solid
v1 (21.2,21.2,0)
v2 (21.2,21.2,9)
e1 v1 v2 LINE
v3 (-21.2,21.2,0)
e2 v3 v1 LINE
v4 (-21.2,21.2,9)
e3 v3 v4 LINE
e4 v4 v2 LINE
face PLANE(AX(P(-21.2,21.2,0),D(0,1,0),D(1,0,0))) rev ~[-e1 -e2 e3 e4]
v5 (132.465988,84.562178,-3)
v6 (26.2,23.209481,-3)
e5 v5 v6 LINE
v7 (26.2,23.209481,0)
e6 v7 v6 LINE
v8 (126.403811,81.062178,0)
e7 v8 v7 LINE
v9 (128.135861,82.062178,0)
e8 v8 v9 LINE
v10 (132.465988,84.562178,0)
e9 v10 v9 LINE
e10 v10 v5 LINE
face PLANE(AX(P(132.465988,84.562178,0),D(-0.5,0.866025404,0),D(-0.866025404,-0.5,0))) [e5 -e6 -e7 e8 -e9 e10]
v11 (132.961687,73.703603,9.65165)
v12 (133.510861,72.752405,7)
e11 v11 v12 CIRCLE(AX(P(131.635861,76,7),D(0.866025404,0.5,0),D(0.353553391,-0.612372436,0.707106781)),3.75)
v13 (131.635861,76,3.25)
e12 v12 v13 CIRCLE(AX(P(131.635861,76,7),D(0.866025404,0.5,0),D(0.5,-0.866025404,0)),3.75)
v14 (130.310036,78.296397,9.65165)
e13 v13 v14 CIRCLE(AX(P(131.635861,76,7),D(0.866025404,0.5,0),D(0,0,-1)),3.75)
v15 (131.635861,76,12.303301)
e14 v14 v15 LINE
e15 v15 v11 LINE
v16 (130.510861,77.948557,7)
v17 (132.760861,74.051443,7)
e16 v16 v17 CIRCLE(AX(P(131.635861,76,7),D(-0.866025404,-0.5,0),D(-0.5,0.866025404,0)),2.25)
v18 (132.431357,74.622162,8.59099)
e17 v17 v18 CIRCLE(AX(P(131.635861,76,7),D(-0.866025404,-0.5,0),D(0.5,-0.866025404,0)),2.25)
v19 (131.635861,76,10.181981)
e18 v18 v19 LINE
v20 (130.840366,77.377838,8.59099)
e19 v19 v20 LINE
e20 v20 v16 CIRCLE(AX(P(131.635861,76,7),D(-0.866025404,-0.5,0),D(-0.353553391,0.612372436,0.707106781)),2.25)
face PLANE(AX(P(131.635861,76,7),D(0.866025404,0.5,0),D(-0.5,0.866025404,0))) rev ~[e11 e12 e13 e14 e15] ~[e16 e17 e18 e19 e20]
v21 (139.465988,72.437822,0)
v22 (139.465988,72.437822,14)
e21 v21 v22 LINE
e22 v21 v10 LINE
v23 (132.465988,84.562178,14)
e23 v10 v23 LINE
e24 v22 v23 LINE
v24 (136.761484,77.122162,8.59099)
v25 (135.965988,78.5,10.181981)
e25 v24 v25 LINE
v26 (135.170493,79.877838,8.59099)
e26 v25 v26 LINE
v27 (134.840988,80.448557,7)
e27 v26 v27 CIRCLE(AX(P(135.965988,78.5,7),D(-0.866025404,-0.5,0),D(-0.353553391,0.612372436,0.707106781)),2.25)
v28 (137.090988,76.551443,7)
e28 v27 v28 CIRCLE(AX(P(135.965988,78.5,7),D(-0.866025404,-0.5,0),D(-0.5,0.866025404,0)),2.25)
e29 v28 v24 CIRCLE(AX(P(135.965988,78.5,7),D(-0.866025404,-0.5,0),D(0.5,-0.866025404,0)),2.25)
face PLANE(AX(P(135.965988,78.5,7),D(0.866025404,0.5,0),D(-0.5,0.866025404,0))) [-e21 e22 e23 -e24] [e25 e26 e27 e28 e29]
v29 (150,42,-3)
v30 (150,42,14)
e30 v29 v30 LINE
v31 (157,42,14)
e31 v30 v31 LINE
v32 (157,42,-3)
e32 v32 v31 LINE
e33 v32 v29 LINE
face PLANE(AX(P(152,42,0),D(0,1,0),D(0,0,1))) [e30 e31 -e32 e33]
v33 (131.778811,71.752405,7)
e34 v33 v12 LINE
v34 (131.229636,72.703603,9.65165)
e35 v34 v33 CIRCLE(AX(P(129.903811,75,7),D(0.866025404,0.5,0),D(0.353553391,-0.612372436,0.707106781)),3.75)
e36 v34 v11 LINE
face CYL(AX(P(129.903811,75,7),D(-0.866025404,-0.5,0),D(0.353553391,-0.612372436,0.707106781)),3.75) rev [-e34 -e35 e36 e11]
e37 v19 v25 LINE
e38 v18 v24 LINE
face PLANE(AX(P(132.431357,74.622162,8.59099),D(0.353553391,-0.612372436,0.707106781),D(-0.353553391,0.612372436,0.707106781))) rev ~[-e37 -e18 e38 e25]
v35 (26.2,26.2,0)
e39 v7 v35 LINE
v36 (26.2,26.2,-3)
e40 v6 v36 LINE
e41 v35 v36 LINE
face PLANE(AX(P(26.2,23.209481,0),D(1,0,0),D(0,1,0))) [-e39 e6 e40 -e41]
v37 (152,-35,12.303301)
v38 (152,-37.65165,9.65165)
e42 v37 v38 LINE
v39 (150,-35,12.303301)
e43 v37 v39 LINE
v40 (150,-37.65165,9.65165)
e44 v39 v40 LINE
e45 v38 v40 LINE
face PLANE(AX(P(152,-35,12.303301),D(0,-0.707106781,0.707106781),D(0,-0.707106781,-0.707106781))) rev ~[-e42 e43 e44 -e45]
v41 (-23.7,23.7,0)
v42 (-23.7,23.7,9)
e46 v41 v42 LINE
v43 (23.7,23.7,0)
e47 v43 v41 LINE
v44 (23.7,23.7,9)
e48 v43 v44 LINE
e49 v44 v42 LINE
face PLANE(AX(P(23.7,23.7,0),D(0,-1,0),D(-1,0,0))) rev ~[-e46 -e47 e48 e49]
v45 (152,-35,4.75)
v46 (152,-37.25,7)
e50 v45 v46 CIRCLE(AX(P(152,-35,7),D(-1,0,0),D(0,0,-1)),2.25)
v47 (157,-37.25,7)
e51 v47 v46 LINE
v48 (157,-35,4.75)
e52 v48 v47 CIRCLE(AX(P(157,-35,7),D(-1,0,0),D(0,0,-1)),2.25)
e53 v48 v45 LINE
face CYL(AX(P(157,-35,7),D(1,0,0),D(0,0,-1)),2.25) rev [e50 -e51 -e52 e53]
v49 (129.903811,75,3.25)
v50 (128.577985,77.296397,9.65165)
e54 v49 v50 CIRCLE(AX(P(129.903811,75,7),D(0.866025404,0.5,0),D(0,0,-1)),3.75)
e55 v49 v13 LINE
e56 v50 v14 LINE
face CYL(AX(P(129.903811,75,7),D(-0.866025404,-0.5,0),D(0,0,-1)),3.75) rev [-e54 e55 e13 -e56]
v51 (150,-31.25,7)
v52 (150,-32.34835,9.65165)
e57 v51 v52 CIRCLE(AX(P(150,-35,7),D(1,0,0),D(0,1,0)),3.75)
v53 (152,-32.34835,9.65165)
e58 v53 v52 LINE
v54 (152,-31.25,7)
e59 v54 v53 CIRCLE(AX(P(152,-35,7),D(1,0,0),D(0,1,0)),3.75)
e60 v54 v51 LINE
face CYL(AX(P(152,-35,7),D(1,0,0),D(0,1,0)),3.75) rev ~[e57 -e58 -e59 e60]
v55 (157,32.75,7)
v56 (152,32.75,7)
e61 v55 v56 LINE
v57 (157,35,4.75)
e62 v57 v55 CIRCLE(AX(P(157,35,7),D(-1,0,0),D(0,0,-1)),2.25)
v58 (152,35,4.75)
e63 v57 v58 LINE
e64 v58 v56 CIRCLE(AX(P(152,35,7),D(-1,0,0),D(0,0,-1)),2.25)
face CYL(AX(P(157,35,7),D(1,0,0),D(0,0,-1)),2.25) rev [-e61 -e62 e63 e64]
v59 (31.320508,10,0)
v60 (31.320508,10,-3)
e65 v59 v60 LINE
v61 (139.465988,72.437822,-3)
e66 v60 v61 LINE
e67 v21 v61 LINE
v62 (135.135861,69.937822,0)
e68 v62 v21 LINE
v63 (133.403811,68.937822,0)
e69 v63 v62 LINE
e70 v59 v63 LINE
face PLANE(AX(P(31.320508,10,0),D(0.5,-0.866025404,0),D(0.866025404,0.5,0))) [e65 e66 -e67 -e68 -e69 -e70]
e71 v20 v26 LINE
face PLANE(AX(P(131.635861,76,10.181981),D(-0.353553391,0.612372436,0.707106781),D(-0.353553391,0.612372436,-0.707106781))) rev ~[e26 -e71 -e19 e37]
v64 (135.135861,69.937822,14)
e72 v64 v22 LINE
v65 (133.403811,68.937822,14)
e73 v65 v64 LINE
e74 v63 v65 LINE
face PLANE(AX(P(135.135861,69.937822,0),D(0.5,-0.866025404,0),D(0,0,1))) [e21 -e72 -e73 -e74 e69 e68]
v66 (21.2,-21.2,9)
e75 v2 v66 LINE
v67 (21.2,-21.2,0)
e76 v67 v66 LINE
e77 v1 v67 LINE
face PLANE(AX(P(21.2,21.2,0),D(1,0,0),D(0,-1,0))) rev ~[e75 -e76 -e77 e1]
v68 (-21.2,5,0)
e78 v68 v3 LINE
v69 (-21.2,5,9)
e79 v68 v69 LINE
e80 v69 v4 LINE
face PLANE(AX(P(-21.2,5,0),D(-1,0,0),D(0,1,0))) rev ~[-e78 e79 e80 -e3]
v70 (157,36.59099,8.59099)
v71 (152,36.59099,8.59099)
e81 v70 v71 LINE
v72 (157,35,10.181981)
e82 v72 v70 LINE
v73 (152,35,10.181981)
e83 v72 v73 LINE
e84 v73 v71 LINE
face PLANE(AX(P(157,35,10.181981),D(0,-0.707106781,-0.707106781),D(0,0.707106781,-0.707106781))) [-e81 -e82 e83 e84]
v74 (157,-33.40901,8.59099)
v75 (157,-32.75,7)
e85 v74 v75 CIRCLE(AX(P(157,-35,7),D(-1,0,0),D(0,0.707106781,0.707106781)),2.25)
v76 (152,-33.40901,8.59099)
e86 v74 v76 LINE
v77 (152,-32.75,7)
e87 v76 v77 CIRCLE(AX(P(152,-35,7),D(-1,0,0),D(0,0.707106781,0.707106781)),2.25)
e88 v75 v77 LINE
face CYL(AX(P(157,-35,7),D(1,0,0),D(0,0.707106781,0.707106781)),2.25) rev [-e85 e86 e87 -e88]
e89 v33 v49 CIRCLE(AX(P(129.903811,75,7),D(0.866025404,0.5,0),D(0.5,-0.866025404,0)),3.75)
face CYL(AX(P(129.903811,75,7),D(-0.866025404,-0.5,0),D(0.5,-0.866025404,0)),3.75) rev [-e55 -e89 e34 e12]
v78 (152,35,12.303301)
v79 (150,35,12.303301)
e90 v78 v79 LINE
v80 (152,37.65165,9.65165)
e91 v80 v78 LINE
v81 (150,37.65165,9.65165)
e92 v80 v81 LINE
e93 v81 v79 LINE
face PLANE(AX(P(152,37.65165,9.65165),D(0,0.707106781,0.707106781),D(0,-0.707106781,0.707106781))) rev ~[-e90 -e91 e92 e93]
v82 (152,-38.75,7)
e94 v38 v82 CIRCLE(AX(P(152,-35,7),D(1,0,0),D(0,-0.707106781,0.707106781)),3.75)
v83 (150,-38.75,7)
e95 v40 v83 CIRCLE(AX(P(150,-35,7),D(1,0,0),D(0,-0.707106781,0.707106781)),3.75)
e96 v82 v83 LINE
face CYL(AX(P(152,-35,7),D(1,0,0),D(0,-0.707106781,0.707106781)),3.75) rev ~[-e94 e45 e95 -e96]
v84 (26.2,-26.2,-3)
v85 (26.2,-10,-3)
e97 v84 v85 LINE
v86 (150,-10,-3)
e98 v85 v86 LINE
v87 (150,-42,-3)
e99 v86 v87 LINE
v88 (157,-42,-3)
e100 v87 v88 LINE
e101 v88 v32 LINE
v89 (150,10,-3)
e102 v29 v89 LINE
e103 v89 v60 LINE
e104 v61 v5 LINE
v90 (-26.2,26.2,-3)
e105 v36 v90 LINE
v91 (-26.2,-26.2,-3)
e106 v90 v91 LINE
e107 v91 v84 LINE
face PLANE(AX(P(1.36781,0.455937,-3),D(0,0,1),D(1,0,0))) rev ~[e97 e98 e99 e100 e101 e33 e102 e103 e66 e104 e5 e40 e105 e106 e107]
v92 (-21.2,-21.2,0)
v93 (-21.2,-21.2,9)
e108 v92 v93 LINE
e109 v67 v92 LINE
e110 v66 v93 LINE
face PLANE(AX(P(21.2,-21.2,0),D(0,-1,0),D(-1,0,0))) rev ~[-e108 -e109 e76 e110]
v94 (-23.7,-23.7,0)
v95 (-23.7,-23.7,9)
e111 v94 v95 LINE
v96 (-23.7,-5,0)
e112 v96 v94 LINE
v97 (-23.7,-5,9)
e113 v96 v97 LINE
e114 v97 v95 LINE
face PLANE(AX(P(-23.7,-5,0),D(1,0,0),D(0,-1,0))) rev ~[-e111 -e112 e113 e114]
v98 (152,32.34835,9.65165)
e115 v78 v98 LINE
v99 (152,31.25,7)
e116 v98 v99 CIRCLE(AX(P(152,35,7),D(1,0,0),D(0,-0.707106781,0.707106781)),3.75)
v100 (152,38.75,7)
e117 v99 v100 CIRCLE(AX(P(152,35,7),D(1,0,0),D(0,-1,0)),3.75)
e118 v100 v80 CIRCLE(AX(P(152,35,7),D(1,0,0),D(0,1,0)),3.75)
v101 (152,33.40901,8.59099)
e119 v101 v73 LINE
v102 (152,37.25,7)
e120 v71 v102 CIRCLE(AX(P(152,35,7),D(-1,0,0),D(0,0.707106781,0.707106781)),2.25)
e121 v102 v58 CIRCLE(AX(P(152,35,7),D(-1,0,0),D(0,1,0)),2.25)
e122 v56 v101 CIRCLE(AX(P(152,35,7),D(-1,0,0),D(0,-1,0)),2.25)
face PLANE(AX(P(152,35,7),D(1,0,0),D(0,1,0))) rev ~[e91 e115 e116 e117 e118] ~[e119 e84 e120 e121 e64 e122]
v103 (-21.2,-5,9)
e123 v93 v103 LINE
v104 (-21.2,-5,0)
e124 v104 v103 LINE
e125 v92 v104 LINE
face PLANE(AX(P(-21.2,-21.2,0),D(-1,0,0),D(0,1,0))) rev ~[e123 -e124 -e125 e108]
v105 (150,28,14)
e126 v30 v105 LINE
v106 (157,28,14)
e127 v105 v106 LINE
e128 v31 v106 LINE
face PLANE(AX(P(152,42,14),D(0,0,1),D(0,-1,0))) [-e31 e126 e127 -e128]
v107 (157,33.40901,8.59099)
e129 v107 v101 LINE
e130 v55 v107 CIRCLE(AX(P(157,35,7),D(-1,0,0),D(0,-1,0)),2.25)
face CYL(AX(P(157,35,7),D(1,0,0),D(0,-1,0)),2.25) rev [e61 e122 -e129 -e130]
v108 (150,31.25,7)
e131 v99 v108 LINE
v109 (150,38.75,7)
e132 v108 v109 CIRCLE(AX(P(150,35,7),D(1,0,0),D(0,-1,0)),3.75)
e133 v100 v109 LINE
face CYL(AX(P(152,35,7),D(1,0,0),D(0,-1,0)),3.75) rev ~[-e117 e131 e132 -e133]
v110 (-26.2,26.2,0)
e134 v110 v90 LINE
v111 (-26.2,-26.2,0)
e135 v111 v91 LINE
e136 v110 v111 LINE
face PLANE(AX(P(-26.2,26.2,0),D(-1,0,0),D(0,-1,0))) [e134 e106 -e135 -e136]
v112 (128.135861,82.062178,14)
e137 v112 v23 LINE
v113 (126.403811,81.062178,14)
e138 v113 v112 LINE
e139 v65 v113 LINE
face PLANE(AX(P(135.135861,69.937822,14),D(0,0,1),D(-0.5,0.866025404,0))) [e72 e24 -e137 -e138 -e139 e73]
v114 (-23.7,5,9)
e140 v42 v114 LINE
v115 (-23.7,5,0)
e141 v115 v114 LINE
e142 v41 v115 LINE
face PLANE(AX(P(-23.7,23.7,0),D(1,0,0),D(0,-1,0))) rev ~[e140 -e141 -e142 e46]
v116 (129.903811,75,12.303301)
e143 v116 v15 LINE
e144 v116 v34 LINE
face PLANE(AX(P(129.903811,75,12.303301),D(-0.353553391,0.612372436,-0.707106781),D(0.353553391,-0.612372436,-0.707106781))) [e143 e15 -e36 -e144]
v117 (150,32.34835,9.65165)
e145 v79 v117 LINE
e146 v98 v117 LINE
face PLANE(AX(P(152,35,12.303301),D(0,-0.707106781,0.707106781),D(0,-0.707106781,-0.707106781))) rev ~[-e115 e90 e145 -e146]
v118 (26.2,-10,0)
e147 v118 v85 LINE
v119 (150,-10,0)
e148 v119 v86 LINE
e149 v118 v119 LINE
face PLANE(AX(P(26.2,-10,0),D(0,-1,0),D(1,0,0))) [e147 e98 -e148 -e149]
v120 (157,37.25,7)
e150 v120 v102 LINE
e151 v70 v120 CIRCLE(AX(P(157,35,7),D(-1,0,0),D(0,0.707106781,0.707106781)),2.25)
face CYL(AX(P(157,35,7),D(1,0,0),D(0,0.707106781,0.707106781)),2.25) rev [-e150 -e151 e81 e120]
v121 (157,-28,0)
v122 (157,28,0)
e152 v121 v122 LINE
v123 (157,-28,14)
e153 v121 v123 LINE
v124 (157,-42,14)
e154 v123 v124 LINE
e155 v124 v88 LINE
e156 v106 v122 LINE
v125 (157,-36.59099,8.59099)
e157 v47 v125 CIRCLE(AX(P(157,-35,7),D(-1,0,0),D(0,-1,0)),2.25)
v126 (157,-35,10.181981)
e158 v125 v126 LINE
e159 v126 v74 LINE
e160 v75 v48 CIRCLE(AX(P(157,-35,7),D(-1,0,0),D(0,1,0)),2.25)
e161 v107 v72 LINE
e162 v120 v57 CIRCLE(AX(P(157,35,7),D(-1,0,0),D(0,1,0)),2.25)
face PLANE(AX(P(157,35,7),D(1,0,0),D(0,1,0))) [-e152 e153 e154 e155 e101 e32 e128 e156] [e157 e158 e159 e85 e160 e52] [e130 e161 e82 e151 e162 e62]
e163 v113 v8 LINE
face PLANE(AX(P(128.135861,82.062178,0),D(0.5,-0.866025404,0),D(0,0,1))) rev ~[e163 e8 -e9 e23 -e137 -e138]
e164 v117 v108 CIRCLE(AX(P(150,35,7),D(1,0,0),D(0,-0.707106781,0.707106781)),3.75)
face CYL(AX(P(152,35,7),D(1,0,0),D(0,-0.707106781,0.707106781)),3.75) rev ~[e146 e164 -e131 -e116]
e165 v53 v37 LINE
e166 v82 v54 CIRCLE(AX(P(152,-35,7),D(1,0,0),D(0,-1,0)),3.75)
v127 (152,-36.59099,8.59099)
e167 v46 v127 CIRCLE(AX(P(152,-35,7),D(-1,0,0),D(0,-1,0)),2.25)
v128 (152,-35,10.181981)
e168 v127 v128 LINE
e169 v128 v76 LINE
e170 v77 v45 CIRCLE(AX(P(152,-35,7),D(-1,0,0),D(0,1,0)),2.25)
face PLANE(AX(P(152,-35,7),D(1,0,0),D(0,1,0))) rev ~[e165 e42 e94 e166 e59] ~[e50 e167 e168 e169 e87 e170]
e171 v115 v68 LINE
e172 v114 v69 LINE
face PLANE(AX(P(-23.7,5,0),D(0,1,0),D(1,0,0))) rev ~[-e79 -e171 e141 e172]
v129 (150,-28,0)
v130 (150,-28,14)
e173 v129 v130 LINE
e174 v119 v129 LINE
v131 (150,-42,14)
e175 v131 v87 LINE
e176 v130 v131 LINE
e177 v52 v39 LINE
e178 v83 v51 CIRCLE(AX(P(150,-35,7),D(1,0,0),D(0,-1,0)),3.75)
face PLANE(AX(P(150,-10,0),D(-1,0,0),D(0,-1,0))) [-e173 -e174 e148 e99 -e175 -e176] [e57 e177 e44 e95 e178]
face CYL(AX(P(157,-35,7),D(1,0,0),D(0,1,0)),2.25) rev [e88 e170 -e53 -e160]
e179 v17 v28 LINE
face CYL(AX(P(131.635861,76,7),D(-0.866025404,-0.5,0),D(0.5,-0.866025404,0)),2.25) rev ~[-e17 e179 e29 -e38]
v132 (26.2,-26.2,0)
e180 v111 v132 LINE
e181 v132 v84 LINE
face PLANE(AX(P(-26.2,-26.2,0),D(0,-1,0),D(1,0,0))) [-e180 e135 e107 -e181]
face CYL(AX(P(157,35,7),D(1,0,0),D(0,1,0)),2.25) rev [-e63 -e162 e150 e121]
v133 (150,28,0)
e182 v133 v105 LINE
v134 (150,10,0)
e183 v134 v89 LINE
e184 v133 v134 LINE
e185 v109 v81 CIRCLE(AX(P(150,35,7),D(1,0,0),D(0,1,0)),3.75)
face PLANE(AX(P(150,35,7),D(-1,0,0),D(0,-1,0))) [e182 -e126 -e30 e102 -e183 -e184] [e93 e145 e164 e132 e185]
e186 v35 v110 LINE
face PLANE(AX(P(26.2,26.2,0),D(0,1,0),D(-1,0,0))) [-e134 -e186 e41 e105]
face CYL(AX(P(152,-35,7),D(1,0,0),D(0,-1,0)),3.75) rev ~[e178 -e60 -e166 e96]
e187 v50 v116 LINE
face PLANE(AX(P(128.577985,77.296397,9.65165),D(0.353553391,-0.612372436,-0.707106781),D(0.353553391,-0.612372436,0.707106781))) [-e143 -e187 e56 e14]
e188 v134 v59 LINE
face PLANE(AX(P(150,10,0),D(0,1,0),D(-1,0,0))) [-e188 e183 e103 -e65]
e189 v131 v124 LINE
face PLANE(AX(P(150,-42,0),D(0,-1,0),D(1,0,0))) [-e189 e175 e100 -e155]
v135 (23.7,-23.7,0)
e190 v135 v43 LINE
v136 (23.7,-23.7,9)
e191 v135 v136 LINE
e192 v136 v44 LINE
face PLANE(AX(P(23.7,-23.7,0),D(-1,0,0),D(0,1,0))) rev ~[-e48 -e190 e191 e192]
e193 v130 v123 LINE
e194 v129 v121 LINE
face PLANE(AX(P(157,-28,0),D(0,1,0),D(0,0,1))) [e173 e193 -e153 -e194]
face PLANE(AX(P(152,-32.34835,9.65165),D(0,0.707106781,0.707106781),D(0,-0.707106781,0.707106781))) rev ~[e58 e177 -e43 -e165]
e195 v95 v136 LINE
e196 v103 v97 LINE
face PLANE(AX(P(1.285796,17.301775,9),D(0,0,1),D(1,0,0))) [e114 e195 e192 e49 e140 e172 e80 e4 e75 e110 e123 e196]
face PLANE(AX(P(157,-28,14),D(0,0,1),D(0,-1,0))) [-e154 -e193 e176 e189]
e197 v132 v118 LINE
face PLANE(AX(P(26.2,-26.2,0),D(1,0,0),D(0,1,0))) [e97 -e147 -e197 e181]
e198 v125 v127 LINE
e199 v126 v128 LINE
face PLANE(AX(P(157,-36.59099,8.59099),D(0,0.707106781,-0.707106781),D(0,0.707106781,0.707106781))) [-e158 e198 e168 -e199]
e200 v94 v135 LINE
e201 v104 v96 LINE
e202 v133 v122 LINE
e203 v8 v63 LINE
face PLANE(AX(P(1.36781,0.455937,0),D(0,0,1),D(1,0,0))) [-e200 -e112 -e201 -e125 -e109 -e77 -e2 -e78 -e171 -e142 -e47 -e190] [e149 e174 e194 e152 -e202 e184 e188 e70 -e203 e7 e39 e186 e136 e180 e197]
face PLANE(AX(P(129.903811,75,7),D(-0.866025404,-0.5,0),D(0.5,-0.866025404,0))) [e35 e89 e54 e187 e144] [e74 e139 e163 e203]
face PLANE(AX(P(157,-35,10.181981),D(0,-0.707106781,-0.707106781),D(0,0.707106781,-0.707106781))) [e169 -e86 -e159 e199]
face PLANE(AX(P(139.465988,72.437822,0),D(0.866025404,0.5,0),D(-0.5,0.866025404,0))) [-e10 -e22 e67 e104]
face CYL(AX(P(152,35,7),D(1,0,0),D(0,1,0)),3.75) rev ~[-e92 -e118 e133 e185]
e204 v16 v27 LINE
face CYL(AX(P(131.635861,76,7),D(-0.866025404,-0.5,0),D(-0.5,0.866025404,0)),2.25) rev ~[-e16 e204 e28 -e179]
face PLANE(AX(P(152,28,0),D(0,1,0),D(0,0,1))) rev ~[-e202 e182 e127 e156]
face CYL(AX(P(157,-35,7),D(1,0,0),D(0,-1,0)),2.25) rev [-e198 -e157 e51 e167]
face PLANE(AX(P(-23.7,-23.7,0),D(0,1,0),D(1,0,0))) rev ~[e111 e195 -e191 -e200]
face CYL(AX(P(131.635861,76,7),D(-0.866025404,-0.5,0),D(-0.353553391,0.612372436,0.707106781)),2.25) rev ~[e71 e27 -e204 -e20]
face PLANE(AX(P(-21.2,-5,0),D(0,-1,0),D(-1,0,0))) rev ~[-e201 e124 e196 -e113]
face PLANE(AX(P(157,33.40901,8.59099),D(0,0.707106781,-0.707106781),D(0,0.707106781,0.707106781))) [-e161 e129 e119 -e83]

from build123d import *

# Parameters (mm, degrees)
F1_DEPTH  = 9
F2_W      = 123.8
F2_H      = 10
F3_DEPTH  = 3
F5_DEPTH  = 5
F6_W      = 14
F6_H      = 14
F7_DEPTH  = 2
F10_DEPTH = 2
F11_W     = 14
F11_H     = 14
F12_DEPTH = 5


with BuildPart() as f1:
    # F0 (on Top) → F1 (new body)
    with BuildSketch(Plane.XY):
        Polygon((-21.2, 21.2), (21.2, 21.2), (21.2, 0), (23.7, 0), (23.7, 23.7), (-23.7, 23.7), (-23.7, 5), (-21.2, 5), align=None)
        Polygon((23.7, 0), (21.2, 0), (21.2, -21.2), (-21.2, -21.2), (-21.2, -5), (-23.7, -5), (-23.7, -23.7), (23.7, -23.7), align=None)
    extrude(amount=F1_DEPTH)

    # F2 (on Top) → F3 (join)
    with BuildSketch(Plane.XY):
        Polygon((-26.2, 26.2), (-26.2, -26.2), (26.2, -26.2), (26.2, -10), (26.2, 0), (0, 0), (26.2, 15.1265770528), (26.2, 23.2094808214), (26.2, 26.2), align=None)
        Polygon((150, 40.1923788647), (150, 10), (157, 10), (157, 35), (157, 42), (150, 42), align=None)
        Polygon((26.2, 10), (26.2, 0), (150, 0), (150, 10), (31.3205080757, 10), align=None)
        Polygon((150, 0), (150, -10), (157, -10), (157, 10), (150, 10), align=None)
        Polygon((157, -10), (150, -10), (150, -40.1923788647), (150, -42), (157, -42), (157, -35), align=None)
        with Locations((88.1, -5)):
            Rectangle(F2_W, F2_H)
        Polygon((0, 0), (26.2, 0), (26.2, 10), (26.2, 15.1265770528), align=None)
        Polygon((126.4038105677, 81.0621778265), (26.2, 23.2094808214), (26.2, 15.1265770528), (129.9038105677, 75), align=None)
        Polygon((26.2, 15.1265770528), (26.2, 10), (31.3205080757, 10), (133.4038105677, 68.9378221735), (129.9038105677, 75), align=None)
        Polygon((132.4659883942, 84.5621778265), (126.4038105677, 81.0621778265), (129.9038105677, 75), (133.4038105677, 68.9378221735), (139.4659883942, 72.4378221735), align=None)
    extrude(amount=-F3_DEPTH)

    # F4 (on face) → F5 (join)
    with BuildSketch(Plane.YZ.offset(157)):
        Polygon((28, 0), (35, 0), (42, 0), (42, 14), (28, 14), align=None)
        with BuildLine():
            ThreePointArc((37.25, 7), (36.5909902577, 5.4090097423), (35, 4.75))
            ThreePointArc((35, 4.75), (33.4090097423, 5.4090097423), (32.75, 7))
            ThreePointArc((32.75, 7), (32.9212710518, 7.8610377228), (33.4090097423, 8.5909902577))
            Line((33.4090097423, 8.5909902577), (35, 10.1819805153))
            Line((35, 10.1819805153), (36.5909902577, 8.5909902577))
            ThreePointArc((36.5909902577, 8.5909902577), (37.0787289482, 7.8610377228), (37.25, 7))
        make_face(mode=Mode.SUBTRACT)
        Polygon((-35, 0), (-28, 0), (-28, 14), (-42, 14), (-42, 0), align=None)
        with BuildLine():
            ThreePointArc((-32.75, 7), (-33.4090097423, 5.4090097423), (-35, 4.75))
            ThreePointArc((-35, 4.75), (-36.5909902577, 5.4090097423), (-37.25, 7))
            ThreePointArc((-37.25, 7), (-37.0787289482, 7.8610377228), (-36.5909902577, 8.5909902577))
            Line((-36.5909902577, 8.5909902577), (-35, 10.1819805153))
            Line((-35, 10.1819805153), (-33.4090097423, 8.5909902577))
            ThreePointArc((-33.4090097423, 8.5909902577), (-32.9212710518, 7.8610377228), (-32.75, 7))
        make_face(mode=Mode.SUBTRACT)
    extrude(amount=-F5_DEPTH)

    # F6 (on face) → F7 (join)
    with BuildSketch(Plane(origin=(152, 0, 0), x_dir=(0, -1, 0), z_dir=(-1, 0, 0))):
        with Locations((-35, 7)):
            Rectangle(F6_W, F6_H)
        with BuildLine():
            ThreePointArc((-32.3483495706, 9.6516504294), (-31.5354517531, 8.4350628714), (-31.25, 7))
            ThreePointArc((-31.25, 7), (-35, 3.25), (-38.75, 7))
            ThreePointArc((-38.75, 7), (-38.4645482469, 8.4350628714), (-37.6516504294, 9.6516504294))
            Line((-37.6516504294, 9.6516504294), (-35, 12.3033008589))
            Line((-35, 12.3033008589), (-32.3483495706, 9.6516504294))
        make_face(mode=Mode.SUBTRACT)
        with Locations((35, 7)):
            Rectangle(F6_W, F6_H)
        with BuildLine():
            ThreePointArc((37.6516504294, 9.6516504294), (38.4645482469, 8.4350628714), (38.75, 7))
            ThreePointArc((38.75, 7), (35, 3.25), (31.25, 7))
            ThreePointArc((31.25, 7), (31.5354517531, 8.4350628714), (32.3483495706, 9.6516504294))
            Line((32.3483495706, 9.6516504294), (35, 12.3033008589))
            Line((35, 12.3033008589), (37.6516504294, 9.6516504294))
        make_face(mode=Mode.SUBTRACT)
    extrude(amount=F7_DEPTH)

    # F9 (on line) → F10 (join)
    with BuildSketch(Plane(origin=(129.9038105677, 75, 0), x_dir=(0.5, -0.8660254038, 0), z_dir=(-0.8660254038, -0.5, 0))):
        Polygon((-7, 0), (0, 0), (7, 0), (7, 14), (-7, 14), align=None)
        with BuildLine():
            ThreePointArc((3.75, 7), (2.6516504294, 4.3483495706), (0, 3.25))
            ThreePointArc((0, 3.25), (-3.4645482469, 5.5649371286), (-2.6516504294, 9.6516504294))
            Line((-2.6516504294, 9.6516504294), (0, 12.3033008589))
            Line((0, 12.3033008589), (2.6516504294, 9.6516504294))
            ThreePointArc((2.6516504294, 9.6516504294), (3.4645482469, 8.4350628714), (3.75, 7))
        make_face(mode=Mode.SUBTRACT)
    extrude(amount=-F10_DEPTH)

    # F11 (on face) → F12 (join)
    with BuildSketch(Plane(origin=(131.6358613752, 76, 0), x_dir=(-0.5, 0.8660254038, 0), z_dir=(0.8660254038, 0.5, 0))):
        with Locations((0, 7)):
            Rectangle(F11_W, F11_H)
        with BuildLine():
            Line((-2.6516504294, 9.6516504294), (0, 12.3033008589))
            Line((0, 12.3033008589), (2.6516504294, 9.6516504294))
            ThreePointArc((2.6516504294, 9.6516504294), (0, 3.25), (-2.6516504294, 9.6516504294))
        make_face(mode=Mode.SUBTRACT)
        with BuildLine():
            Line((2.6516504294, 9.6516504294), (0, 12.3033008589))
            Line((0, 12.3033008589), (-2.6516504294, 9.6516504294))
            ThreePointArc((-2.6516504294, 9.6516504294), (0, 3.25), (2.6516504294, 9.6516504294))
        make_face()
        with BuildLine():
            ThreePointArc((1.5909902577, 8.5909902577), (2.0787289482, 7.8610377228), (2.25, 7))
            ThreePointArc((2.25, 7), (0, 4.75), (-2.25, 7))
            ThreePointArc((-2.25, 7), (-2.0787289482, 7.8610377228), (-1.5909902577, 8.5909902577))
            Line((-1.5909902577, 8.5909902577), (0, 10.1819805153))
            Line((0, 10.1819805153), (1.5909902577, 8.5909902577))
        make_face(mode=Mode.SUBTRACT)
    extrude(amount=F12_DEPTH)


solid = f1.part
